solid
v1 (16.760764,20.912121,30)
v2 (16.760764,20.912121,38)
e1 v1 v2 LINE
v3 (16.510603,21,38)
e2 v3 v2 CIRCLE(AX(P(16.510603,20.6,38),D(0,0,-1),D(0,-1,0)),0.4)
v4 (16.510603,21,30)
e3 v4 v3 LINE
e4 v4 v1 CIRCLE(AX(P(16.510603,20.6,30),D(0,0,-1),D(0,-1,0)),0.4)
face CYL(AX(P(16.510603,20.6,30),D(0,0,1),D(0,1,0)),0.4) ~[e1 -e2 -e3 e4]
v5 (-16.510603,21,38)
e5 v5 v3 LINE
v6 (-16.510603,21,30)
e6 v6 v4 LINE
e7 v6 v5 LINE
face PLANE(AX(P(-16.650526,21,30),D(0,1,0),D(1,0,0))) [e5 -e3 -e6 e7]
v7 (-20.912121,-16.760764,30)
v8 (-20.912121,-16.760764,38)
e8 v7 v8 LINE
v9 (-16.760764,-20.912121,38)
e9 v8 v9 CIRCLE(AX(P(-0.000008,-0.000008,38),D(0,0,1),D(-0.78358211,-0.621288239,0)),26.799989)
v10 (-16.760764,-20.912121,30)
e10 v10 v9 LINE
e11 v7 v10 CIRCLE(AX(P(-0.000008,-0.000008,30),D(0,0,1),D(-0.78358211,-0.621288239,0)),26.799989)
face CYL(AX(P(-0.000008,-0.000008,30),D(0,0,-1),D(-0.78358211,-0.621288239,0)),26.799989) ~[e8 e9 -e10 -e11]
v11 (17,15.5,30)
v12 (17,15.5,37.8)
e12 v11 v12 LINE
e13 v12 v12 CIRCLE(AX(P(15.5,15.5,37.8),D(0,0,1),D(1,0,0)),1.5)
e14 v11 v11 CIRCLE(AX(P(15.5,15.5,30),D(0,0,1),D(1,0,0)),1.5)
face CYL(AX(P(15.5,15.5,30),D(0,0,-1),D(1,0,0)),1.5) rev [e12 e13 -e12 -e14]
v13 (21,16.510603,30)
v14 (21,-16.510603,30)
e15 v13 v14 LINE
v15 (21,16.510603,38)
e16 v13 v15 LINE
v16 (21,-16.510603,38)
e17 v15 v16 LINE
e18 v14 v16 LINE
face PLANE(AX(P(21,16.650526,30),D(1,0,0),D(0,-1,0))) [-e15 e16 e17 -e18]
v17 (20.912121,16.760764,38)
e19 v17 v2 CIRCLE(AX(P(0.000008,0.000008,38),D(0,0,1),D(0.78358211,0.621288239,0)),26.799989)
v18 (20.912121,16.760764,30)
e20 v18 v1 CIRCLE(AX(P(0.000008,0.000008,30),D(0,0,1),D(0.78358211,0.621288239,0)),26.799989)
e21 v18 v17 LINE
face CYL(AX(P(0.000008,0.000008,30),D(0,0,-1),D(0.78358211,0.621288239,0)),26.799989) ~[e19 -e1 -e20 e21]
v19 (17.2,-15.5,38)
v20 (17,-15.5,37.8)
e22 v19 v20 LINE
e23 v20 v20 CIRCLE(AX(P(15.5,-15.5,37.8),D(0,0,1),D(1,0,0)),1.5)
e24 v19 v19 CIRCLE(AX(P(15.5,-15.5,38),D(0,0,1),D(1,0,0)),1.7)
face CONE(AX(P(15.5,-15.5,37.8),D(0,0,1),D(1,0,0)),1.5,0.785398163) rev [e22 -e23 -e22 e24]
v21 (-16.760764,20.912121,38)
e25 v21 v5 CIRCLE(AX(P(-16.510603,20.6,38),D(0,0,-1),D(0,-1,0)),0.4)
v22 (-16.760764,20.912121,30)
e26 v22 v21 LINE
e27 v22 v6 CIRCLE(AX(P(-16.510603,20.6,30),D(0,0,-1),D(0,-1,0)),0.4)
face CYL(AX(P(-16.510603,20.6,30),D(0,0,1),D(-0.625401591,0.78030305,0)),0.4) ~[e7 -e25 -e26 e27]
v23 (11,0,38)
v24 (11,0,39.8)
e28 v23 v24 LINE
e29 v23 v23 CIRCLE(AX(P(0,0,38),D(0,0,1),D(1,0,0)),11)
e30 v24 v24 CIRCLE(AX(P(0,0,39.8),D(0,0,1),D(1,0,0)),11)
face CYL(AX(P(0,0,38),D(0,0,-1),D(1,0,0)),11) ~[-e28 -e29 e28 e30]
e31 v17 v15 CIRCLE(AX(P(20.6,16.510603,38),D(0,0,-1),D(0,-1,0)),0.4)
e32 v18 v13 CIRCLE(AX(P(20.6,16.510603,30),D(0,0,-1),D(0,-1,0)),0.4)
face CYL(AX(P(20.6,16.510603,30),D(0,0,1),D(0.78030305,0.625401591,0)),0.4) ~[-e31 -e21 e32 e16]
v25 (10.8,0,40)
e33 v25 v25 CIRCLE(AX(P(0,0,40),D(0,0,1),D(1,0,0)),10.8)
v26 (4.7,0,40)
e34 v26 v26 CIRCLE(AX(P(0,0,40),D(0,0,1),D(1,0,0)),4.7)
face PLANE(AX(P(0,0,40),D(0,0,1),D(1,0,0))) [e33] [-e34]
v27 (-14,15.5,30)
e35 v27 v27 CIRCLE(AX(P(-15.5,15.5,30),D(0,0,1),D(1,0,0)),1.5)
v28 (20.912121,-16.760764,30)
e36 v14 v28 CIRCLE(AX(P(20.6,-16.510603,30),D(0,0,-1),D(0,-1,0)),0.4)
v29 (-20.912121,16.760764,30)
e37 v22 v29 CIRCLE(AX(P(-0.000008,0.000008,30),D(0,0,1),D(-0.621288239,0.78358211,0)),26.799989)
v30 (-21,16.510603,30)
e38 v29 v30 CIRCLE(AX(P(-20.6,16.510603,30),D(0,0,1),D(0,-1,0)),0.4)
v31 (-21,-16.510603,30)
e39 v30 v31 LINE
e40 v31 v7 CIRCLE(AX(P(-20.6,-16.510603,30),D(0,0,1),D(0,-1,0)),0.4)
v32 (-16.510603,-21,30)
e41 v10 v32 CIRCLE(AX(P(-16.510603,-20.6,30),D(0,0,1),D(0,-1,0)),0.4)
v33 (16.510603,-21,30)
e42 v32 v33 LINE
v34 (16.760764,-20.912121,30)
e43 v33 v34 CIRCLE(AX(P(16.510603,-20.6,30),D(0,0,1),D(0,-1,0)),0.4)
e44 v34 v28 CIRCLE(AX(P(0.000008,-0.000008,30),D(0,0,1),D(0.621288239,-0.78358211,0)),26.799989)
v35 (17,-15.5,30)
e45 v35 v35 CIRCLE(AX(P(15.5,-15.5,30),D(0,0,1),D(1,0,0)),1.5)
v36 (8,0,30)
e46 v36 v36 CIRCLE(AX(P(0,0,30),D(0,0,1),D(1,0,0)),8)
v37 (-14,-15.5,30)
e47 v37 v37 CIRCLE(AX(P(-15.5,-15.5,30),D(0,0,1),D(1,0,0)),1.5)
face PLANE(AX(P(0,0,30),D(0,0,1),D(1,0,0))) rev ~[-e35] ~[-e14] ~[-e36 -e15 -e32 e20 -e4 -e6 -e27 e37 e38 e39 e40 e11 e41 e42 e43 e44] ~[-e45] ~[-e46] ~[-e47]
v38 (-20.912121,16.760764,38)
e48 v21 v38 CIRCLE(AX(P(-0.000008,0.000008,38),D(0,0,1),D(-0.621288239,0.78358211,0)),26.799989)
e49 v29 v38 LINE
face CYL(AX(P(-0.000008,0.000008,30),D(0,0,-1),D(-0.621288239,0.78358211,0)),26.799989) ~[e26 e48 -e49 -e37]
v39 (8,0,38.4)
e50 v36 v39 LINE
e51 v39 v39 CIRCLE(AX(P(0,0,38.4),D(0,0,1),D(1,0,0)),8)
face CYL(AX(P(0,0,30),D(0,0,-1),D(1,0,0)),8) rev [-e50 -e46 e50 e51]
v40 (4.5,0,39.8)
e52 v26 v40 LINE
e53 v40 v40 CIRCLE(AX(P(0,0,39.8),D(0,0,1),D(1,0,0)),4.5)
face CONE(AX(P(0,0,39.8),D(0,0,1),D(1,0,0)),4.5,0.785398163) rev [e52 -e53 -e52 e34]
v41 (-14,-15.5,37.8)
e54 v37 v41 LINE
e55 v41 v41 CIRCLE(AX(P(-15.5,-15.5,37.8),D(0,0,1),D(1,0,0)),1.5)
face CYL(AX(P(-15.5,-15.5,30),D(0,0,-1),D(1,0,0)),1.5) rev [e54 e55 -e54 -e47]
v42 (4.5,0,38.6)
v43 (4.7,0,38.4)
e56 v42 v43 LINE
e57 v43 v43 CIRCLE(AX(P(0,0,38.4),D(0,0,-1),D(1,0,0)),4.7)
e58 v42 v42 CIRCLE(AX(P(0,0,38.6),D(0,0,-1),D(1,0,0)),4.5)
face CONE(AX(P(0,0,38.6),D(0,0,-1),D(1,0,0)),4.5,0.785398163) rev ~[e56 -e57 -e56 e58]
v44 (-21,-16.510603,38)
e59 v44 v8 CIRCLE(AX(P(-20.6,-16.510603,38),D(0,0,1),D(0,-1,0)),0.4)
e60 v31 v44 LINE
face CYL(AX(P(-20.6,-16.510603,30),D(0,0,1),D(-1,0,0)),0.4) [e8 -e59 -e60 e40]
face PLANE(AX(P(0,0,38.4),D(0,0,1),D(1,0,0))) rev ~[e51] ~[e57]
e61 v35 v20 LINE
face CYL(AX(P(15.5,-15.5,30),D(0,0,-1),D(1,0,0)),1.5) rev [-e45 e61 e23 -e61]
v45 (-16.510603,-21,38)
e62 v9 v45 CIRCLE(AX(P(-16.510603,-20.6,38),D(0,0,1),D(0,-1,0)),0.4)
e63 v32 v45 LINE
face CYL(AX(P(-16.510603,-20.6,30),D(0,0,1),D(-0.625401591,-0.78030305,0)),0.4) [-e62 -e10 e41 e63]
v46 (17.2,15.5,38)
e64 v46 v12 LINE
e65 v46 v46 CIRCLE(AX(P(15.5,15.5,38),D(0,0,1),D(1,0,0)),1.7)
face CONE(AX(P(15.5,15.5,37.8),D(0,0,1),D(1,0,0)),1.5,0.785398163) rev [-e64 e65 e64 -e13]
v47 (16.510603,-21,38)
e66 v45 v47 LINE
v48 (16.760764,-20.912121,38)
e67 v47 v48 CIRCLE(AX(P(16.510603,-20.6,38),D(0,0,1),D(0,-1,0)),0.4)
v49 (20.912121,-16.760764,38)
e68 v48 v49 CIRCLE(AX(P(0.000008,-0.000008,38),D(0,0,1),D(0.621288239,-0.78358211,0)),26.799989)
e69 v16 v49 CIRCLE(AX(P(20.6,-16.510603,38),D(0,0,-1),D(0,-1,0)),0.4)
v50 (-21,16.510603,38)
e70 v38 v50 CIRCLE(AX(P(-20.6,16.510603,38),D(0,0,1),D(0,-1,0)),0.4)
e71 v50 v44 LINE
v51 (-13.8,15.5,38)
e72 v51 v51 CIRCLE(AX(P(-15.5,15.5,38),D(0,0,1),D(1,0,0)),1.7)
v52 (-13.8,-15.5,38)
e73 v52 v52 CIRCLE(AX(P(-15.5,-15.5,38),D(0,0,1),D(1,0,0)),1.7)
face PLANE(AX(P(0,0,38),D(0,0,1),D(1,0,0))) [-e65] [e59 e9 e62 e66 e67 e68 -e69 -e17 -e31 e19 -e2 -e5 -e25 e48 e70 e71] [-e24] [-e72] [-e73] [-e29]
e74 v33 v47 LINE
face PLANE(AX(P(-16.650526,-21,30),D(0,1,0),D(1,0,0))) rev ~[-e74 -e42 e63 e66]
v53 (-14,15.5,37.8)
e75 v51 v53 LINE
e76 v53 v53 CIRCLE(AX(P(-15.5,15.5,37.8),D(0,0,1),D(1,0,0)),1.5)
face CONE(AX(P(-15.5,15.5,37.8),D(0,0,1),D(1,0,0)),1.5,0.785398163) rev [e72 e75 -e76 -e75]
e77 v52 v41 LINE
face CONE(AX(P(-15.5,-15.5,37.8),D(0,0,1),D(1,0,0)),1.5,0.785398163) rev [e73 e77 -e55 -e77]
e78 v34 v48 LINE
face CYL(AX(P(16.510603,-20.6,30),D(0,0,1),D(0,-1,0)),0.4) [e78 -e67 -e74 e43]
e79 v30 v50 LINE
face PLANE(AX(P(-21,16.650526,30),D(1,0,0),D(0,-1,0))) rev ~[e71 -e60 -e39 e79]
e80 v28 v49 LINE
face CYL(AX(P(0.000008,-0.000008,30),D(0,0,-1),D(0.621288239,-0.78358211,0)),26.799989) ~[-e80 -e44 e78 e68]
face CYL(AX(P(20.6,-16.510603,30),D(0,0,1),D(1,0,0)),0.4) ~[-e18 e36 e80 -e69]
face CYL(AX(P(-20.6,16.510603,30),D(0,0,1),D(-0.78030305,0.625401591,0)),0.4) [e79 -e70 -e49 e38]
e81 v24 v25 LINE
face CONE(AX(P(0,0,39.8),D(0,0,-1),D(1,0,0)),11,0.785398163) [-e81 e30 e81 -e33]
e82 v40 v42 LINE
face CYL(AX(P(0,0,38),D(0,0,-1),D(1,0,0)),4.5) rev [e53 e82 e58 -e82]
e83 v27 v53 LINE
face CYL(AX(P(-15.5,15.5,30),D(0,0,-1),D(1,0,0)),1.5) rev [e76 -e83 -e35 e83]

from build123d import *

# Parameters (mm, degrees)
SKETCH015_R     = 4.5
SKETCH015_R_2   = 1.5
PAD008_DEPTH    = 8
SKETCH016_R     = 11
SKETCH016_R_2   = 4.5
PAD009_DEPTH    = 2
SKETCH017_R     = 8
POCKET004_DEPTH = 8.4
CHAMFER003_SIZE = 0.2
FILLET002_R     = 0.4


with BuildPart() as part:
    # Sketch015 → Pad008 (new body)
    with BuildSketch(Plane.XY):
        with BuildLine():
            ThreePointArc((-16.650526, 21), (-18.950462, 18.950462), (-21, 16.650526))
            Line((-21, 16.650526), (-21, -16.650526))
            ThreePointArc((-21, -16.650526), (-18.950462, -18.950462), (-16.650526, -21))
            Line((-16.650526, -21), (16.650526, -21))
            ThreePointArc((16.650526, -21), (18.950462, -18.950462), (21, -16.650526))
            Line((21, 16.650526), (21, -16.650526))
            ThreePointArc((21, 16.650526), (18.950462, 18.950462), (16.650526, 21))
            Line((-16.650526, 21), (16.650526, 21))
        make_face()
        Circle(SKETCH015_R, mode=Mode.SUBTRACT)
        with Locations((-15.5, 15.5)):
            Circle(SKETCH015_R_2, mode=Mode.SUBTRACT)
        with Locations((15.5, 15.5)):
            Circle(SKETCH015_R_2, mode=Mode.SUBTRACT)
        with Locations((15.5, -15.5)):
            Circle(SKETCH015_R_2, mode=Mode.SUBTRACT)
        with Locations((-15.5, -15.5)):
            Circle(SKETCH015_R_2, mode=Mode.SUBTRACT)
    extrude(amount=PAD008_DEPTH)

    # Sketch016 (on Face15 of Pad008) → Pad009 (join)
    with BuildSketch(Plane.XY.offset(8)):
        Circle(SKETCH016_R)
        Circle(SKETCH016_R_2, mode=Mode.SUBTRACT)
    extrude(amount=PAD009_DEPTH)

    # Sketch017 → Pocket004 (cut)
    with BuildSketch(Plane.XY):
        Circle(SKETCH017_R)
    extrude(amount=POCKET004_DEPTH, mode=Mode.SUBTRACT)

    # Chamfer003
    chamfer003_edges = [part.edges().sort_by_distance(p)[0] for p in [
        (-11, 0, 10),
        (14, 15.5, 8),
        (-17, 15.5, 8),
        (-17, -15.5, 8),
        (14, -15.5, 8),
        (-4.5, 0, 10),
        (-4.5, 0, 8.4),
    ]]
    chamfer(chamfer003_edges, length=CHAMFER003_SIZE)

    # Fillet002
    fillet002_edges = [part.edges().sort_by_distance(p)[0] for p in [
        (16.650526, 21, 4),
        (21, 16.650526, 4),
        (21, -16.650526, 4),
        (16.650526, -21, 4),
        (-21, -16.650526, 4),
        (-16.650526, -21, 4),
        (-21, 16.650526, 4),
        (-16.650526, 21, 4),
    ]]
    fillet(fillet002_edges, radius=FILLET002_R)


with BuildPart() as part_1:
    # Body005 placement: moved
    add(part.part.moved(Location((0, 0, 30))))


solid = part_1.part
